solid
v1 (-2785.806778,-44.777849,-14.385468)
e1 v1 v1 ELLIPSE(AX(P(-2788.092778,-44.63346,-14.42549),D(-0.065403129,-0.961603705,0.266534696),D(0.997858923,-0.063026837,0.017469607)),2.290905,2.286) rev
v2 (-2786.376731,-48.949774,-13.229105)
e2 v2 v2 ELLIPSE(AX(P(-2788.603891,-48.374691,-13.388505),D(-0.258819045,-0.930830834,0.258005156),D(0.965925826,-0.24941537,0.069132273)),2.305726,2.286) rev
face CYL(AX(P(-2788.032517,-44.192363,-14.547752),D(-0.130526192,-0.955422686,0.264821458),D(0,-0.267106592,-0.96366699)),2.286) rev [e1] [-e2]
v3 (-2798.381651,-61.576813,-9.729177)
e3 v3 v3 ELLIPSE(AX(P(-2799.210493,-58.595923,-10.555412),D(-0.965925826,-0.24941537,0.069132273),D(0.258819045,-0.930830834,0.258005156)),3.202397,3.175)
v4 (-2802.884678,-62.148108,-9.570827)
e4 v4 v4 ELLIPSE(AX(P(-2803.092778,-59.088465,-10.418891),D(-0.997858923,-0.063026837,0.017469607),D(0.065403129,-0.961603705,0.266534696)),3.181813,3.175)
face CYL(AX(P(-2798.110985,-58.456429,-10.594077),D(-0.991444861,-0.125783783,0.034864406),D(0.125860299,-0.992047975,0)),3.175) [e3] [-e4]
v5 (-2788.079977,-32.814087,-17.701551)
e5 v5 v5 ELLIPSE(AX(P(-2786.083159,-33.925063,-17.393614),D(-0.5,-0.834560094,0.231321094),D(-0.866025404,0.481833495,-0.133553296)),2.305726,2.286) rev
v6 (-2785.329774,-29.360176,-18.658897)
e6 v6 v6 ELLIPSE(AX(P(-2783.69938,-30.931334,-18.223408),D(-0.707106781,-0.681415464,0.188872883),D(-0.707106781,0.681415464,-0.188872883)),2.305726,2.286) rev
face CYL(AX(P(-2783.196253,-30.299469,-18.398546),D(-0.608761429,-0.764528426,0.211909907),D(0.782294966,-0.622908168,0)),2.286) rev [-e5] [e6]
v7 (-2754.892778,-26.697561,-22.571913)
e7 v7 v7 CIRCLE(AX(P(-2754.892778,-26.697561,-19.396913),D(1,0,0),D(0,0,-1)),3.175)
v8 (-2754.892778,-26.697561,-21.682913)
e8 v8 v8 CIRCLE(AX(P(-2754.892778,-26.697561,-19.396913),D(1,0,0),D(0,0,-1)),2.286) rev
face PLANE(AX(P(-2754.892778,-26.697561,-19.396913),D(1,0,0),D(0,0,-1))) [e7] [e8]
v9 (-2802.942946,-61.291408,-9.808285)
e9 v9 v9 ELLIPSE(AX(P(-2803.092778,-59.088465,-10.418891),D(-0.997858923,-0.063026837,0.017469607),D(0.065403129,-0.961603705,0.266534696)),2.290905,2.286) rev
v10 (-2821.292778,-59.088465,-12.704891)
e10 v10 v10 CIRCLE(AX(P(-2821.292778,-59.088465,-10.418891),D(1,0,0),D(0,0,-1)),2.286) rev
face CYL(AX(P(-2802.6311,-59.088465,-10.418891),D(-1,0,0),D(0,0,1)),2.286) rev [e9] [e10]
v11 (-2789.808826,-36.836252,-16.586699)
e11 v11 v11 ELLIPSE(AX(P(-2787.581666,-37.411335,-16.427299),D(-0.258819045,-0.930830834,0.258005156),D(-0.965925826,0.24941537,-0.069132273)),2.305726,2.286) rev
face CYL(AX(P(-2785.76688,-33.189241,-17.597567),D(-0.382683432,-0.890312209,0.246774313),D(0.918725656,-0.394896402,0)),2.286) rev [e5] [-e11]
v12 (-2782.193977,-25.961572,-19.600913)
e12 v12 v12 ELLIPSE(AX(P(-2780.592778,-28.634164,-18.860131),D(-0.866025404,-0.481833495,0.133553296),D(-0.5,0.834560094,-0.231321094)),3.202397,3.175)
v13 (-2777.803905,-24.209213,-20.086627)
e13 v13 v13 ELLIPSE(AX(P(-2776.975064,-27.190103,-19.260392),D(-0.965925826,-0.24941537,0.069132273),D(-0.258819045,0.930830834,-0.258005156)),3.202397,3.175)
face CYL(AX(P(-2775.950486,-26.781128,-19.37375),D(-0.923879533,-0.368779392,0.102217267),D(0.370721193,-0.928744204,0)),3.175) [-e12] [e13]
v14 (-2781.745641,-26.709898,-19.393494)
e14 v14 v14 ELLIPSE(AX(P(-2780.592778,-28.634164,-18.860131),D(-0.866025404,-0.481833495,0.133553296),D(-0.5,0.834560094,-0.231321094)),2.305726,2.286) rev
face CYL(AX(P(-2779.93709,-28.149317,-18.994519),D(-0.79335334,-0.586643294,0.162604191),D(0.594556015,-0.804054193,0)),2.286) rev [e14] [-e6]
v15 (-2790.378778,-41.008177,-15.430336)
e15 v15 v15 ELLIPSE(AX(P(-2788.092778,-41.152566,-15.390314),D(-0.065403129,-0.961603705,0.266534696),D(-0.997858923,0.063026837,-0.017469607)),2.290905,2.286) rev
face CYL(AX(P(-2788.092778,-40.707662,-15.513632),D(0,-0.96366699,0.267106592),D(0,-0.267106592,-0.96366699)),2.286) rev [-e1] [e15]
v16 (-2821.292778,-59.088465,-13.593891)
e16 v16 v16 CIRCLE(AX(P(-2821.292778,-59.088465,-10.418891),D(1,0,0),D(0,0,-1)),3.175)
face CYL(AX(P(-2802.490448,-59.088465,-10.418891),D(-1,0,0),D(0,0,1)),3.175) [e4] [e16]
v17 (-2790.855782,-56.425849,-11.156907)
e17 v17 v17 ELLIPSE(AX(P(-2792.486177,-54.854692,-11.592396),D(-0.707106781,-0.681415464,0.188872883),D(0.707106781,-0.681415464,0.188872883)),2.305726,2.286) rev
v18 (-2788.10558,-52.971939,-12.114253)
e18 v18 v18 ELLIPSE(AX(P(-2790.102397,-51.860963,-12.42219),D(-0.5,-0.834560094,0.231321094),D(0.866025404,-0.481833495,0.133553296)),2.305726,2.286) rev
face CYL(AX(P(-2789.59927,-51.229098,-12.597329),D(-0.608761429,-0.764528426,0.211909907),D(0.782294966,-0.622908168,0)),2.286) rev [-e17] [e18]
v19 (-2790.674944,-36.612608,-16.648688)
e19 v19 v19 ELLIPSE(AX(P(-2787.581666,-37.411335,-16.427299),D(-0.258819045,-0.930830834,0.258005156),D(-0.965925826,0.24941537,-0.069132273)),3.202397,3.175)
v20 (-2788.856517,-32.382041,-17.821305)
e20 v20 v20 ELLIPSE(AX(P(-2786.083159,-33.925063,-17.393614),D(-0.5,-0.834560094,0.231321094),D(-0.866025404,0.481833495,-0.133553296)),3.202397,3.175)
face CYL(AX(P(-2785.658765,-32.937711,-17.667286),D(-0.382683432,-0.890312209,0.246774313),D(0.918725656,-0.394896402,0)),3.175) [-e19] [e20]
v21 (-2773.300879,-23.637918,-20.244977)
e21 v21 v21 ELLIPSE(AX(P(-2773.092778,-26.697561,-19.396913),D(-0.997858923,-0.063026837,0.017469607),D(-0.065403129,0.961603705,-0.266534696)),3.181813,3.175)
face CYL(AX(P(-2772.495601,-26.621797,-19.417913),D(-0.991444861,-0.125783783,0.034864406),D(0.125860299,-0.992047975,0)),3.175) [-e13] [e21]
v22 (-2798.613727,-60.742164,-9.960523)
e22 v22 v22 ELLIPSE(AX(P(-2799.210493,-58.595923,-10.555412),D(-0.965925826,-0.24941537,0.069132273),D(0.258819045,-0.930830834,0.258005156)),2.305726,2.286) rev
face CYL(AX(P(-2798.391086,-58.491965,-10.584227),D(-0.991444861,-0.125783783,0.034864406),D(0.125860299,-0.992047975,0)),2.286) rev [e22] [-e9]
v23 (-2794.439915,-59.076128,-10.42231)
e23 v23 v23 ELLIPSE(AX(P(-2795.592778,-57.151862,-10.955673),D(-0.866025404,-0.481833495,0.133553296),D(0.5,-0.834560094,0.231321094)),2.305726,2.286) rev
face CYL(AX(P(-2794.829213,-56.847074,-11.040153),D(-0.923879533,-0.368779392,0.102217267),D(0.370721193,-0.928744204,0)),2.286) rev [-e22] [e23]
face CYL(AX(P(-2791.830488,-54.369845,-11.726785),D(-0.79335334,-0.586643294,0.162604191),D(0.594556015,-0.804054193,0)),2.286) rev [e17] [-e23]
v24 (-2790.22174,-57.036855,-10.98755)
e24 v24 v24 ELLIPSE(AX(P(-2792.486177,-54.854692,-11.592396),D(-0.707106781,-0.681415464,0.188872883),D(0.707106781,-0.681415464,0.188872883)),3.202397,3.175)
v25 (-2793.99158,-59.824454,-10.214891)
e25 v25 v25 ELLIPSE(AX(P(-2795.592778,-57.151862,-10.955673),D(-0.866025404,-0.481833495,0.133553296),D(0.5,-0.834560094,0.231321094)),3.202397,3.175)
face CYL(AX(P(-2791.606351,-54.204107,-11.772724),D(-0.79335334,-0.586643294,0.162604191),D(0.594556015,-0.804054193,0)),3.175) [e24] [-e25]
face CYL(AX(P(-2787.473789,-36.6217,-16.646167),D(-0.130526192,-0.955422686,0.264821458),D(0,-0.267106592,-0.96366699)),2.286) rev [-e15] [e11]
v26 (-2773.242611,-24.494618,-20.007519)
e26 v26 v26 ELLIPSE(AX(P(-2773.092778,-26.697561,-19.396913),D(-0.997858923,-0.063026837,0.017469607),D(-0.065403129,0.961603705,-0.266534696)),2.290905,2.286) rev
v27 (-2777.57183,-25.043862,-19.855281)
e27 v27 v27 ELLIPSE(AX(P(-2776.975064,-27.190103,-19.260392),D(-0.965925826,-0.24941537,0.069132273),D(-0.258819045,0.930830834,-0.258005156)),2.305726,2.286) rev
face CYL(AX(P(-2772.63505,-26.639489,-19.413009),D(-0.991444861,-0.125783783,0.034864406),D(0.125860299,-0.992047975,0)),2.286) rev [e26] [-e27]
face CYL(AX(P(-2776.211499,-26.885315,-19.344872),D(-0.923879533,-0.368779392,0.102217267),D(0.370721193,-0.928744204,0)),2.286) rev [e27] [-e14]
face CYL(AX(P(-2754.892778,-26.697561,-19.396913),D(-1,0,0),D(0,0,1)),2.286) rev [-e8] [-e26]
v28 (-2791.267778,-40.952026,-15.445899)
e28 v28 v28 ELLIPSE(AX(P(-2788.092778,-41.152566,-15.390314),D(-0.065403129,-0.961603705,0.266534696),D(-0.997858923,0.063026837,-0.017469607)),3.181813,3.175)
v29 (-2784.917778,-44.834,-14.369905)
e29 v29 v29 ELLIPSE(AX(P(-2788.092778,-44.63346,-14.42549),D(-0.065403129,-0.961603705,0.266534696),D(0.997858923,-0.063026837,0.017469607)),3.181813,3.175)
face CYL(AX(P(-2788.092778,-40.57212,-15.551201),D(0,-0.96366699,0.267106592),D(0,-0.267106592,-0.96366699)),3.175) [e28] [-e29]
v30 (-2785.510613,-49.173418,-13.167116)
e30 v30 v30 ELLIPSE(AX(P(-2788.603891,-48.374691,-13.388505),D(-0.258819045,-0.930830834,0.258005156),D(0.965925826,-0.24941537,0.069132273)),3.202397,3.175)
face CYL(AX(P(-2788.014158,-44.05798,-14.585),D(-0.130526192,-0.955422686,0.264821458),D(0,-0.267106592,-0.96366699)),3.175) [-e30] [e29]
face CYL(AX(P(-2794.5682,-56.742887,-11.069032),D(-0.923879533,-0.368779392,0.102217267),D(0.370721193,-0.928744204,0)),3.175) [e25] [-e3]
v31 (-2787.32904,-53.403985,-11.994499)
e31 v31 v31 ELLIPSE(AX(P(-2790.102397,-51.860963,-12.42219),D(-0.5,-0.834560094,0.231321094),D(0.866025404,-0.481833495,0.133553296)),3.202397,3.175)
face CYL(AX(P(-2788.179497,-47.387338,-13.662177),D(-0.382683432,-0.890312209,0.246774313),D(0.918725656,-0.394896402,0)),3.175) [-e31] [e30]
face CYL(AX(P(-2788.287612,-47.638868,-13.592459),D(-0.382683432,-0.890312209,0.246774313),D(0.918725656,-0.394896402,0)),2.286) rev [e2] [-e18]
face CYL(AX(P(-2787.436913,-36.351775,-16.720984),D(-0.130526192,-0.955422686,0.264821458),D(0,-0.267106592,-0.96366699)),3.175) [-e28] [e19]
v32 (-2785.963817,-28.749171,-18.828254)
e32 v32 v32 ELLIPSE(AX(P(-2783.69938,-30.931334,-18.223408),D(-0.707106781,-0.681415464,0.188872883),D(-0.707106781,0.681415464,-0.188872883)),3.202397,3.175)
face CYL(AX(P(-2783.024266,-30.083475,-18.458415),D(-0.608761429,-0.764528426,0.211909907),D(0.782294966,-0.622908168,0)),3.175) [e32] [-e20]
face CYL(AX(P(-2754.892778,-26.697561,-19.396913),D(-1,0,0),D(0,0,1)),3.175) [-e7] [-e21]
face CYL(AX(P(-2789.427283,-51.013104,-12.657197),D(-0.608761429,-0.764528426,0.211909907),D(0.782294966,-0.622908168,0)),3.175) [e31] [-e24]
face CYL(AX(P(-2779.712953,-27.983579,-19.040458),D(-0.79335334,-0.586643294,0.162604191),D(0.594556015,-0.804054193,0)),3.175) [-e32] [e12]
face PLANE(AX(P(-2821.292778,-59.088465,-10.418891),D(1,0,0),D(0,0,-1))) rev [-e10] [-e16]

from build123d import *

# Parameters (mm, degrees)
PROFILE_R   = 3.175
PROFILE_R_2 = 2.286


with BuildPart() as part:
    # Tube: sweep along a curve in space
    with BuildLine() as tube_path:
        Line((-2754.892778381, -26.697560814, -19.396913326), (-2773.092778381, -26.697560814, -19.396913326))
        Line((-2773.092778381, -26.697560814, -19.396913326), (-2776.975064057, -27.190103161, -19.260391779))
        Line((-2776.975064057, -27.190103161, -19.260391779), (-2780.592778381, -28.634164253, -18.860130858))
        Line((-2780.592778381, -28.634164253, -18.860130858), (-2783.699380099, -30.931333715, -18.223407683))
        Line((-2783.699380099, -30.931333715, -18.223407683), (-2786.083159438, -33.925063243, -17.393613884))
        Line((-2786.083159438, -33.925063243, -17.393613884), (-2787.581665775, -37.411335117, -16.42729854))
        Line((-2787.581665775, -37.411335117, -16.42729854), (-2788.092778381, -41.152565671, -15.390314443))
        Line((-2788.092778381, -41.152565671, -15.390314443), (-2788.092778381, -44.633460324, -14.425489542))
        Line((-2788.092778381, -44.633460324, -14.425489542), (-2788.603890986, -48.374690878, -13.388505446))
        Line((-2788.603890986, -48.374690878, -13.388505446), (-2790.102397324, -51.860962753, -12.422190101))
        Line((-2790.102397324, -51.860962753, -12.422190101), (-2792.486176663, -54.85469228, -11.592396303))
        Line((-2792.486176663, -54.85469228, -11.592396303), (-2795.592778381, -57.151861742, -10.955673127))
        Line((-2795.592778381, -57.151861742, -10.955673127), (-2799.210492704, -58.595922834, -10.555412206))
        Line((-2799.210492704, -58.595922834, -10.555412206), (-2803.092778381, -59.088465181, -10.41889066))
        Line((-2803.092778381, -59.088465181, -10.41889066), (-2821.292778381, -59.088465181, -10.41889066))
    # Profile → Tube (sweep)
    with BuildSketch(Plane(origin=(-2754.892778381, 0, 0), x_dir=(0, 0, -1), z_dir=(1, 0, 0))):
        with Locations((19.396913326, -26.697560814)):
            Circle(PROFILE_R)
        with Locations((19.396913326, -26.697560814)):
            Circle(PROFILE_R_2, mode=Mode.SUBTRACT)
    sweep(path=tube_path.line, transition=Transition.RIGHT)


solid = part.part
